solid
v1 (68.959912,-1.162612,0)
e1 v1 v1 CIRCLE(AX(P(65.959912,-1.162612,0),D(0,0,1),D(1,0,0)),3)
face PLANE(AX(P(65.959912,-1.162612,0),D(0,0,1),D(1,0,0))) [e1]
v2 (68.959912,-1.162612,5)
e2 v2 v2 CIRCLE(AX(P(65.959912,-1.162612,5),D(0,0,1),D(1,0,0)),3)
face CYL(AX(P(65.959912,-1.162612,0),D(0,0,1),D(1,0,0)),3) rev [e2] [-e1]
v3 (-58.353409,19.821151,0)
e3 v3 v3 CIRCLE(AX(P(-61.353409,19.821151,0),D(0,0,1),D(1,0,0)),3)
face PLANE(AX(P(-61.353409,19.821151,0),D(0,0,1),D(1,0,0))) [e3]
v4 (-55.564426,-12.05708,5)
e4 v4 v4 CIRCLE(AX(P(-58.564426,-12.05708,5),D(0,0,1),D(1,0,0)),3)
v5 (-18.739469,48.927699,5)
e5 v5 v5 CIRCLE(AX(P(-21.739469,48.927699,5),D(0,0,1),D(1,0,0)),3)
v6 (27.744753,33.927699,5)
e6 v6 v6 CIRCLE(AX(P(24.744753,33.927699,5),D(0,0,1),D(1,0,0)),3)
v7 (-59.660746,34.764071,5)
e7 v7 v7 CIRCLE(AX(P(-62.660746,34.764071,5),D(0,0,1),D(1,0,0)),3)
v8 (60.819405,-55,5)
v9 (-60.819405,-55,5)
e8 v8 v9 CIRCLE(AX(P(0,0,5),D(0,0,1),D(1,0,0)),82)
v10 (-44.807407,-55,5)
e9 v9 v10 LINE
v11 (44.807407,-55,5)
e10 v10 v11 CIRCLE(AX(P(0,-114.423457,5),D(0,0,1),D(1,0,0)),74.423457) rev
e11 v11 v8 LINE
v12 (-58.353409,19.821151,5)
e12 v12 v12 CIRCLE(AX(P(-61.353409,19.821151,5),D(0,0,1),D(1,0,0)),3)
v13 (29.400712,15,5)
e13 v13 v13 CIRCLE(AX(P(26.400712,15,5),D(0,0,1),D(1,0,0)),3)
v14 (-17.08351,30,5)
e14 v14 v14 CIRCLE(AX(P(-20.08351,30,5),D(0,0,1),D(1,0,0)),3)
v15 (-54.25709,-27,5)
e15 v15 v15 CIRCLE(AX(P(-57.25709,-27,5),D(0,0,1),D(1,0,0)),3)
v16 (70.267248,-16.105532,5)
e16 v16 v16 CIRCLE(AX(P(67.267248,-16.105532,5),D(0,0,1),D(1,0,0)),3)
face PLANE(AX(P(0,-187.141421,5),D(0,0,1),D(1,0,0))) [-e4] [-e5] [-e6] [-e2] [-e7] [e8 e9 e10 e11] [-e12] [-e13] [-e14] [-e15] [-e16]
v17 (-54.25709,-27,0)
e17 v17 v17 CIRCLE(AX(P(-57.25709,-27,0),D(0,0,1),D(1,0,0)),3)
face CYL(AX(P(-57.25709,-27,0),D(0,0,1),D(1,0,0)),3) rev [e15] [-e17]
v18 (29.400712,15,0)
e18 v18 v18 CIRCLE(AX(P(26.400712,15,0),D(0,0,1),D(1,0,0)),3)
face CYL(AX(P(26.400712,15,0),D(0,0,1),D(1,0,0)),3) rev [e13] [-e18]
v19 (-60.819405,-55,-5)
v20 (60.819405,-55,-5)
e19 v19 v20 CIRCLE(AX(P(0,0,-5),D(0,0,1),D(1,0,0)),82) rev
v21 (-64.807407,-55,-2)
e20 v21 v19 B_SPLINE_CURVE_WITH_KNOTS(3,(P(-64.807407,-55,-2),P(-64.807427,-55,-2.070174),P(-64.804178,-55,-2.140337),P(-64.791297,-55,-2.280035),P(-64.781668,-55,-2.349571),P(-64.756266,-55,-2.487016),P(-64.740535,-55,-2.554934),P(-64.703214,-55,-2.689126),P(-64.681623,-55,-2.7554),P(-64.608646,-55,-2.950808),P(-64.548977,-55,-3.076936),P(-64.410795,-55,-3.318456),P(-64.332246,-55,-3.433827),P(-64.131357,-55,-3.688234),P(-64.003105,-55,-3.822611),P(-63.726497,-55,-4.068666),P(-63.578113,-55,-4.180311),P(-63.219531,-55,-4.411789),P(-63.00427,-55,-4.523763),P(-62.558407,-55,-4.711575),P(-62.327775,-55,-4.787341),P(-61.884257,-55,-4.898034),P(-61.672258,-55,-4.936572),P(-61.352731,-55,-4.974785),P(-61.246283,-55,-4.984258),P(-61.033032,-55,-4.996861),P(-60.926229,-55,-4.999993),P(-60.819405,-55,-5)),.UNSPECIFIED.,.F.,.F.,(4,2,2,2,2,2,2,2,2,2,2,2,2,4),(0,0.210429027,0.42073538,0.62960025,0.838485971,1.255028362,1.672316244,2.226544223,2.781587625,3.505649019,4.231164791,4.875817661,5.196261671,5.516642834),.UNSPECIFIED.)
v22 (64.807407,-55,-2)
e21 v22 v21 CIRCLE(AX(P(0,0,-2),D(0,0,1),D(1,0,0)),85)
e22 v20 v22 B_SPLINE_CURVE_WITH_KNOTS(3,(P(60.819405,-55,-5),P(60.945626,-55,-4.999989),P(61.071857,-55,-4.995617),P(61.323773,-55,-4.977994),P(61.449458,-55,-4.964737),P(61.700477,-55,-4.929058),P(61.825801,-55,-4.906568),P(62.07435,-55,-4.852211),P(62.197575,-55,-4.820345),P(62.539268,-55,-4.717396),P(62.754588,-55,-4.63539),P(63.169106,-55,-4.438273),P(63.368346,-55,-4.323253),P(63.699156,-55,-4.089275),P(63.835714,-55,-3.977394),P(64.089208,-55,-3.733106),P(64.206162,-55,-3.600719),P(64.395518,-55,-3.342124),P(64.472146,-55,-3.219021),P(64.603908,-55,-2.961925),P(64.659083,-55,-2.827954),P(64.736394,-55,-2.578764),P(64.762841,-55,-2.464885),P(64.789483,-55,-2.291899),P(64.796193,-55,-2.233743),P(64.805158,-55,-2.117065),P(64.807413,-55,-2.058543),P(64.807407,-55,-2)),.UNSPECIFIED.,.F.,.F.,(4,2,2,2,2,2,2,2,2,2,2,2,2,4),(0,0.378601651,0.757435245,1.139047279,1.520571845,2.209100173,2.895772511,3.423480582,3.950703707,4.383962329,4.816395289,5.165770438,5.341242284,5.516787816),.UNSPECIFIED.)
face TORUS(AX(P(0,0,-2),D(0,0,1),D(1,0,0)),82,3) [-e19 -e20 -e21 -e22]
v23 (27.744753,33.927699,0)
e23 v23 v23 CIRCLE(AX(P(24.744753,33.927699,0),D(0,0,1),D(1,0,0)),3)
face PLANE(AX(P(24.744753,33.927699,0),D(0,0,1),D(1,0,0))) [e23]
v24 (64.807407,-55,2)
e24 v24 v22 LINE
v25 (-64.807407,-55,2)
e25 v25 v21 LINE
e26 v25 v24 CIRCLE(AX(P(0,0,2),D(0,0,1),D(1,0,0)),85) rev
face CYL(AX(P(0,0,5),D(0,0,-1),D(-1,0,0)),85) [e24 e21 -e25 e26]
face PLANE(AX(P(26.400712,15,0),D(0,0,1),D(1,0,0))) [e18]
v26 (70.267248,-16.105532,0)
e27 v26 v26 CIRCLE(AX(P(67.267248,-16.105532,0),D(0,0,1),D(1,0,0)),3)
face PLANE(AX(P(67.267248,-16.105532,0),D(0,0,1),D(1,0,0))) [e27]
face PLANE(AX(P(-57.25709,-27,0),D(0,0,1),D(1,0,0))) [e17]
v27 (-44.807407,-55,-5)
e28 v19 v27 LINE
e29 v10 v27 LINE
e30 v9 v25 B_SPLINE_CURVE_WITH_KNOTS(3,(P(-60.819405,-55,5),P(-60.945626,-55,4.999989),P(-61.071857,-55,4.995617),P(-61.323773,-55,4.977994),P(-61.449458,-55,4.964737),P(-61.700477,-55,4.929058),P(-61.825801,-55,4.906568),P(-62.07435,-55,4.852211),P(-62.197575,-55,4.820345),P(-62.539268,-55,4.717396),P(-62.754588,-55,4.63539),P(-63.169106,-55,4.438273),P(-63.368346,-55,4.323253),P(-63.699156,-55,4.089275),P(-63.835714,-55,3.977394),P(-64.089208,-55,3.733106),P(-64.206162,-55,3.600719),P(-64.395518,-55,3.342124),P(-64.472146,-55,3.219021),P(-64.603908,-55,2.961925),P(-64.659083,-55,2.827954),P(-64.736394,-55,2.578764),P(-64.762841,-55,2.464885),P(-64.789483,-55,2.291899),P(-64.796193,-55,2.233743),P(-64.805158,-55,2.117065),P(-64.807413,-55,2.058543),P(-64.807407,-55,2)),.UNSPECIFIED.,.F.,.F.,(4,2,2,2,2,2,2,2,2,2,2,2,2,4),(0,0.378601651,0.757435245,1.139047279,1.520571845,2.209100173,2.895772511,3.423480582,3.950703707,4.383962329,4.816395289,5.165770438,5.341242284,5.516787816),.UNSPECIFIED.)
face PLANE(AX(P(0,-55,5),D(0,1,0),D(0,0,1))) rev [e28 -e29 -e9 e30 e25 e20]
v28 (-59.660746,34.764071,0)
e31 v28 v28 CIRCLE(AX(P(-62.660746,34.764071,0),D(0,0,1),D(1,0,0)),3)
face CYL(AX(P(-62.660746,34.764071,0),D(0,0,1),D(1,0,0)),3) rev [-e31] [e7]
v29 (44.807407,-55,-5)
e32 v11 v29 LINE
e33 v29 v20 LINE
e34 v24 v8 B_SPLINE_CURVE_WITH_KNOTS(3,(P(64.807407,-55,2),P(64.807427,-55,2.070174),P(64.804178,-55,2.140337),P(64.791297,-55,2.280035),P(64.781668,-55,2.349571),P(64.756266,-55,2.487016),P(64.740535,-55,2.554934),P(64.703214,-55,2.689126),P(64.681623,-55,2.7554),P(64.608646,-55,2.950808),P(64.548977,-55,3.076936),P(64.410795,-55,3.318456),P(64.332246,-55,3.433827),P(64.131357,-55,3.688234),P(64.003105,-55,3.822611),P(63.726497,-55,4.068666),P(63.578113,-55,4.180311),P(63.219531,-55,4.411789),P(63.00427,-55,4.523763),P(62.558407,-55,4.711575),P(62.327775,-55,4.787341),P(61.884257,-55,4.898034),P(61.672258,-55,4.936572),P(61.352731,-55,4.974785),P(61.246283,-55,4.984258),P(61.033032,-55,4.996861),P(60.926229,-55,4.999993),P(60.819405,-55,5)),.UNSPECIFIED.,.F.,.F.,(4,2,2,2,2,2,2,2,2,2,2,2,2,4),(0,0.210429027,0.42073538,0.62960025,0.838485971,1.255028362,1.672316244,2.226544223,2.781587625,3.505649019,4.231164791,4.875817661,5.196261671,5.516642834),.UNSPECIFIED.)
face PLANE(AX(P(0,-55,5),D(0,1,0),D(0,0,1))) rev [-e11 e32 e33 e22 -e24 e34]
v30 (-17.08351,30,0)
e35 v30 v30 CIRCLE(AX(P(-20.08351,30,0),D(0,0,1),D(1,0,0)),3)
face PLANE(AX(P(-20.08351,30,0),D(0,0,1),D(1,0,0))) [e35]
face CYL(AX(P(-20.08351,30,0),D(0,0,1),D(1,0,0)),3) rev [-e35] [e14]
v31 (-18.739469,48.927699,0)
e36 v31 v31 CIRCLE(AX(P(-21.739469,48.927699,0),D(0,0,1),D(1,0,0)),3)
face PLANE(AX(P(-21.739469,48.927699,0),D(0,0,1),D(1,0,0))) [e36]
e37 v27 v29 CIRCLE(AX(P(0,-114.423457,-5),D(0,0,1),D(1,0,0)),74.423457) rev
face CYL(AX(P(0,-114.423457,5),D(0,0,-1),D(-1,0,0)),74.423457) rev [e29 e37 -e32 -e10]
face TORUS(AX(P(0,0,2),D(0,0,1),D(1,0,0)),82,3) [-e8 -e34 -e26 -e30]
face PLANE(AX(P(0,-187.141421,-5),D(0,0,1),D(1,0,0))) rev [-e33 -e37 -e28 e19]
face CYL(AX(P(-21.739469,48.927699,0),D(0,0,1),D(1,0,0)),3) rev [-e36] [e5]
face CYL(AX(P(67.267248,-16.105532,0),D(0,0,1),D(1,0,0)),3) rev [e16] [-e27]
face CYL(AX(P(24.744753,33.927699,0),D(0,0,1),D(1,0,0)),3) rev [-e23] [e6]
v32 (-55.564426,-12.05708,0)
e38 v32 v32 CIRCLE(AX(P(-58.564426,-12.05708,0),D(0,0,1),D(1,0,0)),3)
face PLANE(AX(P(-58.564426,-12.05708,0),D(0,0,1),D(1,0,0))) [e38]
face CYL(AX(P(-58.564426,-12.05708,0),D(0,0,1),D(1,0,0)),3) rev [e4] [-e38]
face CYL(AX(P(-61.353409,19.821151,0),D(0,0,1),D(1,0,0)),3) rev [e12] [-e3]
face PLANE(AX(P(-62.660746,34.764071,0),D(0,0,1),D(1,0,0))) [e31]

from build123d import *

# Parameters (mm, degrees)
EXTRUDE_1_DEPTH     = 5
SKETCH_2_R          = 3
CUT_EXTRUDE_2_DEPTH = 5
FILLET_1_R          = 3


with BuildPart() as part:
    # 草圖1 → 伸長1 (new, symmetric)
    with BuildSketch(Plane.XY):
        with BuildLine():
            ThreePointArc((85, 0), (-29.294798227, 79.792322919), (-64.807406984, -55))
            Line((-64.807406984, -55), (-44.807406984, -55))
            ThreePointArc((-44.807406984, -55), (0, -40), (44.807406984, -55))
            Line((44.807406984, -55), (64.807406984, -55))
            ThreePointArc((64.807406984, -55), (79.792322919, -29.294798227), (85, 0))
        make_face()
    extrude(amount=EXTRUDE_1_DEPTH, both=True)

    # 草圖2 → 伸長2 (cut)
    with BuildSketch(Plane.XY.offset(5)):
        with Locations((-57.257089563, -27)):
            Circle(SKETCH_2_R)
        with Locations((-58.564425704, -12.057079529)):
            Circle(SKETCH_2_R)
        with Locations((-61.353409472, 19.82115081)):
            Circle(SKETCH_2_R)
        with Locations((-62.660745613, 34.764071282)):
            Circle(SKETCH_2_R)
        with Locations((-21.739469319, 48.927699264)):
            Circle(SKETCH_2_R)
        with Locations((-20.083510207, 30)):
            Circle(SKETCH_2_R)
        with Locations((24.744753323, 33.927699264)):
            Circle(SKETCH_2_R)
        with Locations((26.400712435, 15)):
            Circle(SKETCH_2_R)
        with Locations((65.959911557, -1.162611685)):
            Circle(SKETCH_2_R)
        with Locations((67.267247699, -16.105532157)):
            Circle(SKETCH_2_R)
    extrude(amount=-CUT_EXTRUDE_2_DEPTH, mode=Mode.SUBTRACT)

    # 圓角1
    fillet_1_edges = [part.edges().sort_by_distance(p)[0] for p in [
        (0, 85, 5),
        (0, 85, -5),
    ]]
    fillet(fillet_1_edges, radius=FILLET_1_R)


solid = part.part
